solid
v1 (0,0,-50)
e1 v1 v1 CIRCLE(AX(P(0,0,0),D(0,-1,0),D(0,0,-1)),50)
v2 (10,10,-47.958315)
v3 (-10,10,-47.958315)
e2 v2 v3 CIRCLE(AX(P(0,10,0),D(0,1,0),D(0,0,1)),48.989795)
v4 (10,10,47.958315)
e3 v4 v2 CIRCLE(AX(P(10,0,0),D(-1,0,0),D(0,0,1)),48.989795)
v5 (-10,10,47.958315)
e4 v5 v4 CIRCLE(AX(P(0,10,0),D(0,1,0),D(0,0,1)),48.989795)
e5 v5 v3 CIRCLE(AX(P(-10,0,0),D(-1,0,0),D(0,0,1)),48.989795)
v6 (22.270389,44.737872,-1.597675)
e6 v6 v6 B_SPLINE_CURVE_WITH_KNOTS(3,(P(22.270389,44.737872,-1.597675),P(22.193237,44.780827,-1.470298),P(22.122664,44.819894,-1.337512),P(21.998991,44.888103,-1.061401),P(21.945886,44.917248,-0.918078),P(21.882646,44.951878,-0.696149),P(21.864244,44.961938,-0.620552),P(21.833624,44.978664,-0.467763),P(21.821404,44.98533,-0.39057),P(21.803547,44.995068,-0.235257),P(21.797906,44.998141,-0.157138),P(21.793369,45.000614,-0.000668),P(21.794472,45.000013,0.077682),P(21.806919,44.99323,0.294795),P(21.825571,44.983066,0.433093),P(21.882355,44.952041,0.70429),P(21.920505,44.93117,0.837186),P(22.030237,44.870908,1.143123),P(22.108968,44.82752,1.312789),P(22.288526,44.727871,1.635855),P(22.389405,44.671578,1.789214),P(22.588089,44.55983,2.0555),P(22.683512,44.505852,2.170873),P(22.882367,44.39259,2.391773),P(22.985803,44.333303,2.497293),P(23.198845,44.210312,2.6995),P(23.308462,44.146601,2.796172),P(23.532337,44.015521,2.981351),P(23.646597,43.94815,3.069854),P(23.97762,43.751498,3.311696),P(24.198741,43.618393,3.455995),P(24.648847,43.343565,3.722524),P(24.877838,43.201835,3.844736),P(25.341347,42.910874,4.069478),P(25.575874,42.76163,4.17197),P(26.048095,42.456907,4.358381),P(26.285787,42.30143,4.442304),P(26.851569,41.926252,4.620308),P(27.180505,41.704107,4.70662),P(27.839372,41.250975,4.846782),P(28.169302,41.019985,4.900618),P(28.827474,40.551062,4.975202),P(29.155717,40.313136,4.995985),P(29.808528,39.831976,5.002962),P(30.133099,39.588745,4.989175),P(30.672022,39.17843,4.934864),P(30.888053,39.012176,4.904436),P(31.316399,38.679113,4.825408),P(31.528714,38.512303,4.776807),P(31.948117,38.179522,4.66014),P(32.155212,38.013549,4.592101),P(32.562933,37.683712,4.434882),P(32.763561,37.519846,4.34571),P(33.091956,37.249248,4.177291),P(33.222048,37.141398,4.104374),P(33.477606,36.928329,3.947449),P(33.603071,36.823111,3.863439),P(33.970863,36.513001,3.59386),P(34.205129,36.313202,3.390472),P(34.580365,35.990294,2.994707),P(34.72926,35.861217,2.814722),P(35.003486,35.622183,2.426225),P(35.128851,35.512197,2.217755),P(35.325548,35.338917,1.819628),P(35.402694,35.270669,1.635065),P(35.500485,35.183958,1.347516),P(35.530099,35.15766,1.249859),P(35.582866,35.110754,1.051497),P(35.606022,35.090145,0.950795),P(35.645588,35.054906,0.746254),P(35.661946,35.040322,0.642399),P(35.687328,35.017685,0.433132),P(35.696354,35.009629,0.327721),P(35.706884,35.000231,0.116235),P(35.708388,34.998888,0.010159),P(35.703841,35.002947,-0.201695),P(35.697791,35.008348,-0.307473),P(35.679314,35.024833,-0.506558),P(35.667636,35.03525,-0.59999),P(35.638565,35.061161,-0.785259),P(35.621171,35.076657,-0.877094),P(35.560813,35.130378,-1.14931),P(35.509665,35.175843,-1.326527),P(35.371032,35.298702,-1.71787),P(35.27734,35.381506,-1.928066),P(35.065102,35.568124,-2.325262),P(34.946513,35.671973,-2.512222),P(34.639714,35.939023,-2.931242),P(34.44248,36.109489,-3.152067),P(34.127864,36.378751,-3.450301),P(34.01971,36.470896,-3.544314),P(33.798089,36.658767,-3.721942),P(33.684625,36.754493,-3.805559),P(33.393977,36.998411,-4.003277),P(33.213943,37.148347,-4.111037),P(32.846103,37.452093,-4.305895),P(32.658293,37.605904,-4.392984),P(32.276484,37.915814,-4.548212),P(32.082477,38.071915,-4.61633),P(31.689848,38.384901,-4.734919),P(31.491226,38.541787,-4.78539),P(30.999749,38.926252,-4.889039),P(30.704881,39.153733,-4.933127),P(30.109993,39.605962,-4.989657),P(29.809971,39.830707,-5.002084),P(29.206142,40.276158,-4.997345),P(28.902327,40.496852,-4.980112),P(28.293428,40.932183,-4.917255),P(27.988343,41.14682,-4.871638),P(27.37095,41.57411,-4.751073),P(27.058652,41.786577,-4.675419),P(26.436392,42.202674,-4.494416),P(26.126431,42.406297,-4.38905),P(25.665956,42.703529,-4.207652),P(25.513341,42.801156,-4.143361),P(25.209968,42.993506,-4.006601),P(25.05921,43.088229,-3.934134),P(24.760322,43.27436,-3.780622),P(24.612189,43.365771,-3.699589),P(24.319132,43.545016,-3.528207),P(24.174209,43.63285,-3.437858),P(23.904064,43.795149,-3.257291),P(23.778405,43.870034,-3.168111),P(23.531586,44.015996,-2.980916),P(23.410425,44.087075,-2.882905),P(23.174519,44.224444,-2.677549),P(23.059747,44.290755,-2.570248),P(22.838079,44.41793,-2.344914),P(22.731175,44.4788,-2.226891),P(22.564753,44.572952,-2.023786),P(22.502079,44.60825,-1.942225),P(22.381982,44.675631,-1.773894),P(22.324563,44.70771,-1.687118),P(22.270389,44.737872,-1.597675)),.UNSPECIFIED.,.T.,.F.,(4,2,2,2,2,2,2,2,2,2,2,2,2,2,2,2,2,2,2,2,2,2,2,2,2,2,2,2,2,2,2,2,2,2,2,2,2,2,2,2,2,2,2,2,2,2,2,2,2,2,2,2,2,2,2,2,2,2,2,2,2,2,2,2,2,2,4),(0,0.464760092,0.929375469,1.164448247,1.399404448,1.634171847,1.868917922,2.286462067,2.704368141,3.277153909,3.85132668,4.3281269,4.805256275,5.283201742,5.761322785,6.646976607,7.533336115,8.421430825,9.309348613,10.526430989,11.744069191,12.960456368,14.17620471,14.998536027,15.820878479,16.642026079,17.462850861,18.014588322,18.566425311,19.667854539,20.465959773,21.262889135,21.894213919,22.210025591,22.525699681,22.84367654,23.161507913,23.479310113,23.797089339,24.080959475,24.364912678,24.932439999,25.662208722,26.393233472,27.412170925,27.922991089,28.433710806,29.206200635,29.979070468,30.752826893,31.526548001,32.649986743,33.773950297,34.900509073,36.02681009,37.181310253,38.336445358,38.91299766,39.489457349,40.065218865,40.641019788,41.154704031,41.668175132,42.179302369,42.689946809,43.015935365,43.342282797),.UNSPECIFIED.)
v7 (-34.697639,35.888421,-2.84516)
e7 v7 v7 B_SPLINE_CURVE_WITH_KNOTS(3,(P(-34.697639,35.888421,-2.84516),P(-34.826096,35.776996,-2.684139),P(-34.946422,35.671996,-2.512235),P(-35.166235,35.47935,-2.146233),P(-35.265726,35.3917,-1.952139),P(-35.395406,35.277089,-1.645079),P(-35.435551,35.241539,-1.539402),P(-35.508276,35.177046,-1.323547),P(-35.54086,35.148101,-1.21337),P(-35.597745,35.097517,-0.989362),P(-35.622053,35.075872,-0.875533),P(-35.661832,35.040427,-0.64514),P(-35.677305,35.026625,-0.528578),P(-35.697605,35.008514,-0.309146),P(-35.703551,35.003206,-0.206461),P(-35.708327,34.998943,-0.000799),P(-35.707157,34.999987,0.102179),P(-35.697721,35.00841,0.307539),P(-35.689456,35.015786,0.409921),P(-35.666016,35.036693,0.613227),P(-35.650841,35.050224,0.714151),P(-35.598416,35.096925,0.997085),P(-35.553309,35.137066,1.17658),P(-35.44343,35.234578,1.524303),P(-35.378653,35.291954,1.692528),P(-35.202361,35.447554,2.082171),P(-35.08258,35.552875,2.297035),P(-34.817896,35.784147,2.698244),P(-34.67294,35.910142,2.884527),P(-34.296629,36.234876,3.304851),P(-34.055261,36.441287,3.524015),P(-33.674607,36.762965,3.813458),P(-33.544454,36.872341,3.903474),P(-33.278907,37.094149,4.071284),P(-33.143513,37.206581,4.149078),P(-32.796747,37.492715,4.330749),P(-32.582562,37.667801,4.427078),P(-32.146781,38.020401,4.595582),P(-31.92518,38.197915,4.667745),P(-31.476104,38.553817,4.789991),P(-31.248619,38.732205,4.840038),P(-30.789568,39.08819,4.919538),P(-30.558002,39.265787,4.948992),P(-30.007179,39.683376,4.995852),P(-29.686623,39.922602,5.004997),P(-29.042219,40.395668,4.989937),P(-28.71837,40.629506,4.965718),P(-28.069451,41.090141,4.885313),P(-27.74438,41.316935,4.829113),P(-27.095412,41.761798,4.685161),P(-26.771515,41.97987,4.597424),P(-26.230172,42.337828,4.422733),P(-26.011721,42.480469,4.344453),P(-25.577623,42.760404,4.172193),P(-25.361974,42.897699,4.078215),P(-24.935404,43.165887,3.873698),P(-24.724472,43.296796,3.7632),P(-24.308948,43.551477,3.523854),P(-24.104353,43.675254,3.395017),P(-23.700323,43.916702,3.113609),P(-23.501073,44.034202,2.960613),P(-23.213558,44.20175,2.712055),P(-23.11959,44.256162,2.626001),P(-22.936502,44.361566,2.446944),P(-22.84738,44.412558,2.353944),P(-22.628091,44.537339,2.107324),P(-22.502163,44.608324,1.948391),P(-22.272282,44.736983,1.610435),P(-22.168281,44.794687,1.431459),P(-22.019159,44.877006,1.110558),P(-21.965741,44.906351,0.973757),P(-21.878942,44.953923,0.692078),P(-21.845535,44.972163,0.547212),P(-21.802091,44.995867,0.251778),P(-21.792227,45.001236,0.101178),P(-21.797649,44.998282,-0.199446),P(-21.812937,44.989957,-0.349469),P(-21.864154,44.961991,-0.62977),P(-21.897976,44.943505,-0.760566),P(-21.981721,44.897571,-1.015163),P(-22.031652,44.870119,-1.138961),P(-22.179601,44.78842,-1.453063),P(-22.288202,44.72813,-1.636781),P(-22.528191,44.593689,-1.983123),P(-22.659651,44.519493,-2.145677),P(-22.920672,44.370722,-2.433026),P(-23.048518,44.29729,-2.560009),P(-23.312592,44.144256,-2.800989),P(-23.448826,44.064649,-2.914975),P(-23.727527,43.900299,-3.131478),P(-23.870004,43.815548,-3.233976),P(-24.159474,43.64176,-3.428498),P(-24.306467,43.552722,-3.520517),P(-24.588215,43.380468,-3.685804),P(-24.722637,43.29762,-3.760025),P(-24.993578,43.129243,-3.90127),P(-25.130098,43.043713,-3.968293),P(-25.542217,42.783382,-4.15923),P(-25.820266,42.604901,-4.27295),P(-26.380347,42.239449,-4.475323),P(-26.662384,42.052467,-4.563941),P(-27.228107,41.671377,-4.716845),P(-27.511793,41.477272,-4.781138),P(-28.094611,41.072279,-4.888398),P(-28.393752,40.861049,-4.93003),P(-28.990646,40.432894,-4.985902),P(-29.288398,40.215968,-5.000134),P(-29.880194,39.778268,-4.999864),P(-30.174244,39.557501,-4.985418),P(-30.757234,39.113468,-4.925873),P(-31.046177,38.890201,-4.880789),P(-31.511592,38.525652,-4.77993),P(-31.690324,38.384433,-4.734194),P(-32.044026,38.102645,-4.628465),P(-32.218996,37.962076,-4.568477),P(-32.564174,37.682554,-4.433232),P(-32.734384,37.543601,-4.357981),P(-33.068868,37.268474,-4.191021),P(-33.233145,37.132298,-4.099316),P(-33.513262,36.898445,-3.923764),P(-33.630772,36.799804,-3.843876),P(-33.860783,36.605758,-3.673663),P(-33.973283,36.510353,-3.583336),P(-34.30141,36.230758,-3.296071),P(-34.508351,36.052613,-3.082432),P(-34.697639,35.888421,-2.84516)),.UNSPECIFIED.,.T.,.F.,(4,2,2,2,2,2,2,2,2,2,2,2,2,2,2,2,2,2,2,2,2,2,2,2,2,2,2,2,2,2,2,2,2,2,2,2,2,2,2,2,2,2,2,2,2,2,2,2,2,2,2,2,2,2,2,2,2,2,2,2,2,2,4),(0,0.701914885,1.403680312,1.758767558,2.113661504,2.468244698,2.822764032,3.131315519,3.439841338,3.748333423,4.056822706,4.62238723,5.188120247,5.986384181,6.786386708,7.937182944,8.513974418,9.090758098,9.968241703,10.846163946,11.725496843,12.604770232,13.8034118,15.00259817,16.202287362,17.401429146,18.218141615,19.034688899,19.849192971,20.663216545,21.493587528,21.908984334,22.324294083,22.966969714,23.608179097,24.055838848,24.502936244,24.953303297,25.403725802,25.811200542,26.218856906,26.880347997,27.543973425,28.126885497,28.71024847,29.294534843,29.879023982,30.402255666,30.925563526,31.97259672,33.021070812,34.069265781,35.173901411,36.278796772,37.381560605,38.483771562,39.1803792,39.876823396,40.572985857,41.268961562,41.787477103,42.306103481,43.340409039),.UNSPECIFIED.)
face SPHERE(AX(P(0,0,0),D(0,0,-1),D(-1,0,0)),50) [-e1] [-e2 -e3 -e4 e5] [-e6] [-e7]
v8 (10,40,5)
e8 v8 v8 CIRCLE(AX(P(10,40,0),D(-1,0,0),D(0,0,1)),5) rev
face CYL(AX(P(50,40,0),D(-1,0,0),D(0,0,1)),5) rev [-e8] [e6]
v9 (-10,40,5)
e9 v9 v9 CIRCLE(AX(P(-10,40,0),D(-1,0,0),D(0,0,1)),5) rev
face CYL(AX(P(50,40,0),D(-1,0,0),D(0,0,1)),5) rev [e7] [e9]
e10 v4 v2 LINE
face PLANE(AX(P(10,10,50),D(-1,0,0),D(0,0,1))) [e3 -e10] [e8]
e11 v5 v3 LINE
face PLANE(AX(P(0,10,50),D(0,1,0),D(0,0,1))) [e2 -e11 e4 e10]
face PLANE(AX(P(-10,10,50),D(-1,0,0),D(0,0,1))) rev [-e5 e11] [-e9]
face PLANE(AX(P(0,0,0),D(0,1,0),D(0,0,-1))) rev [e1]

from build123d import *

# Parameters (mm, degrees)
REVOLVE1_ANGLE          = 180
SKETCH2_W               = 10
SKETCH2_H               = 40
CUT_EXTRUDE1_DEPTH      = 50
CUT_EXTRUDE2_DEPTH      = 50
CUT_EXTRUDE2_DEPTH_BACK = 50
SKETCH3_R               = 5


with BuildPart() as part:
    # Sketch1 → Revolve1 (revolve)
    with BuildSketch(Plane(origin=(0, 0, 0), x_dir=(1, 0, 0), z_dir=(0, 1, 0))):
        with BuildLine():
            Line((0, -50), (0, 50))
            ThreePointArc((0, 50), (50, 0), (0, -50))
        make_face()
    revolve(axis=Axis((0, 0, 50), (0, 0, 1)), revolution_arc=REVOLVE1_ANGLE)

    # Sketch2 → Cut-Extrude1 (cut, symmetric)
    with BuildSketch(Plane.XY):
        with Locations((5, 30)):
            Rectangle(SKETCH2_W, SKETCH2_H)
    cut_extrude1 = extrude(amount=CUT_EXTRUDE1_DEPTH, both=True, mode=Mode.SUBTRACT)

    # Mirror1: Cut-Extrude1 across plane
    add(cut_extrude1.mirror(Plane(origin=(0, 0, 0), x_dir=(0, 0, 1), z_dir=(1, 0, 0))), mode=Mode.SUBTRACT)

    # Sketch3 → Cut-Extrude2 (cut, two sides: drawn at the far end of the back side and taken through both)
    with BuildSketch(Plane(origin=(0, 0, 0), x_dir=(0, 0, -1), z_dir=(1, 0, 0)).offset(-CUT_EXTRUDE2_DEPTH_BACK)):
        with Locations((0, 40)):
            Circle(SKETCH3_R)
    extrude(amount=CUT_EXTRUDE2_DEPTH + CUT_EXTRUDE2_DEPTH_BACK, mode=Mode.SUBTRACT)


solid = part.part
